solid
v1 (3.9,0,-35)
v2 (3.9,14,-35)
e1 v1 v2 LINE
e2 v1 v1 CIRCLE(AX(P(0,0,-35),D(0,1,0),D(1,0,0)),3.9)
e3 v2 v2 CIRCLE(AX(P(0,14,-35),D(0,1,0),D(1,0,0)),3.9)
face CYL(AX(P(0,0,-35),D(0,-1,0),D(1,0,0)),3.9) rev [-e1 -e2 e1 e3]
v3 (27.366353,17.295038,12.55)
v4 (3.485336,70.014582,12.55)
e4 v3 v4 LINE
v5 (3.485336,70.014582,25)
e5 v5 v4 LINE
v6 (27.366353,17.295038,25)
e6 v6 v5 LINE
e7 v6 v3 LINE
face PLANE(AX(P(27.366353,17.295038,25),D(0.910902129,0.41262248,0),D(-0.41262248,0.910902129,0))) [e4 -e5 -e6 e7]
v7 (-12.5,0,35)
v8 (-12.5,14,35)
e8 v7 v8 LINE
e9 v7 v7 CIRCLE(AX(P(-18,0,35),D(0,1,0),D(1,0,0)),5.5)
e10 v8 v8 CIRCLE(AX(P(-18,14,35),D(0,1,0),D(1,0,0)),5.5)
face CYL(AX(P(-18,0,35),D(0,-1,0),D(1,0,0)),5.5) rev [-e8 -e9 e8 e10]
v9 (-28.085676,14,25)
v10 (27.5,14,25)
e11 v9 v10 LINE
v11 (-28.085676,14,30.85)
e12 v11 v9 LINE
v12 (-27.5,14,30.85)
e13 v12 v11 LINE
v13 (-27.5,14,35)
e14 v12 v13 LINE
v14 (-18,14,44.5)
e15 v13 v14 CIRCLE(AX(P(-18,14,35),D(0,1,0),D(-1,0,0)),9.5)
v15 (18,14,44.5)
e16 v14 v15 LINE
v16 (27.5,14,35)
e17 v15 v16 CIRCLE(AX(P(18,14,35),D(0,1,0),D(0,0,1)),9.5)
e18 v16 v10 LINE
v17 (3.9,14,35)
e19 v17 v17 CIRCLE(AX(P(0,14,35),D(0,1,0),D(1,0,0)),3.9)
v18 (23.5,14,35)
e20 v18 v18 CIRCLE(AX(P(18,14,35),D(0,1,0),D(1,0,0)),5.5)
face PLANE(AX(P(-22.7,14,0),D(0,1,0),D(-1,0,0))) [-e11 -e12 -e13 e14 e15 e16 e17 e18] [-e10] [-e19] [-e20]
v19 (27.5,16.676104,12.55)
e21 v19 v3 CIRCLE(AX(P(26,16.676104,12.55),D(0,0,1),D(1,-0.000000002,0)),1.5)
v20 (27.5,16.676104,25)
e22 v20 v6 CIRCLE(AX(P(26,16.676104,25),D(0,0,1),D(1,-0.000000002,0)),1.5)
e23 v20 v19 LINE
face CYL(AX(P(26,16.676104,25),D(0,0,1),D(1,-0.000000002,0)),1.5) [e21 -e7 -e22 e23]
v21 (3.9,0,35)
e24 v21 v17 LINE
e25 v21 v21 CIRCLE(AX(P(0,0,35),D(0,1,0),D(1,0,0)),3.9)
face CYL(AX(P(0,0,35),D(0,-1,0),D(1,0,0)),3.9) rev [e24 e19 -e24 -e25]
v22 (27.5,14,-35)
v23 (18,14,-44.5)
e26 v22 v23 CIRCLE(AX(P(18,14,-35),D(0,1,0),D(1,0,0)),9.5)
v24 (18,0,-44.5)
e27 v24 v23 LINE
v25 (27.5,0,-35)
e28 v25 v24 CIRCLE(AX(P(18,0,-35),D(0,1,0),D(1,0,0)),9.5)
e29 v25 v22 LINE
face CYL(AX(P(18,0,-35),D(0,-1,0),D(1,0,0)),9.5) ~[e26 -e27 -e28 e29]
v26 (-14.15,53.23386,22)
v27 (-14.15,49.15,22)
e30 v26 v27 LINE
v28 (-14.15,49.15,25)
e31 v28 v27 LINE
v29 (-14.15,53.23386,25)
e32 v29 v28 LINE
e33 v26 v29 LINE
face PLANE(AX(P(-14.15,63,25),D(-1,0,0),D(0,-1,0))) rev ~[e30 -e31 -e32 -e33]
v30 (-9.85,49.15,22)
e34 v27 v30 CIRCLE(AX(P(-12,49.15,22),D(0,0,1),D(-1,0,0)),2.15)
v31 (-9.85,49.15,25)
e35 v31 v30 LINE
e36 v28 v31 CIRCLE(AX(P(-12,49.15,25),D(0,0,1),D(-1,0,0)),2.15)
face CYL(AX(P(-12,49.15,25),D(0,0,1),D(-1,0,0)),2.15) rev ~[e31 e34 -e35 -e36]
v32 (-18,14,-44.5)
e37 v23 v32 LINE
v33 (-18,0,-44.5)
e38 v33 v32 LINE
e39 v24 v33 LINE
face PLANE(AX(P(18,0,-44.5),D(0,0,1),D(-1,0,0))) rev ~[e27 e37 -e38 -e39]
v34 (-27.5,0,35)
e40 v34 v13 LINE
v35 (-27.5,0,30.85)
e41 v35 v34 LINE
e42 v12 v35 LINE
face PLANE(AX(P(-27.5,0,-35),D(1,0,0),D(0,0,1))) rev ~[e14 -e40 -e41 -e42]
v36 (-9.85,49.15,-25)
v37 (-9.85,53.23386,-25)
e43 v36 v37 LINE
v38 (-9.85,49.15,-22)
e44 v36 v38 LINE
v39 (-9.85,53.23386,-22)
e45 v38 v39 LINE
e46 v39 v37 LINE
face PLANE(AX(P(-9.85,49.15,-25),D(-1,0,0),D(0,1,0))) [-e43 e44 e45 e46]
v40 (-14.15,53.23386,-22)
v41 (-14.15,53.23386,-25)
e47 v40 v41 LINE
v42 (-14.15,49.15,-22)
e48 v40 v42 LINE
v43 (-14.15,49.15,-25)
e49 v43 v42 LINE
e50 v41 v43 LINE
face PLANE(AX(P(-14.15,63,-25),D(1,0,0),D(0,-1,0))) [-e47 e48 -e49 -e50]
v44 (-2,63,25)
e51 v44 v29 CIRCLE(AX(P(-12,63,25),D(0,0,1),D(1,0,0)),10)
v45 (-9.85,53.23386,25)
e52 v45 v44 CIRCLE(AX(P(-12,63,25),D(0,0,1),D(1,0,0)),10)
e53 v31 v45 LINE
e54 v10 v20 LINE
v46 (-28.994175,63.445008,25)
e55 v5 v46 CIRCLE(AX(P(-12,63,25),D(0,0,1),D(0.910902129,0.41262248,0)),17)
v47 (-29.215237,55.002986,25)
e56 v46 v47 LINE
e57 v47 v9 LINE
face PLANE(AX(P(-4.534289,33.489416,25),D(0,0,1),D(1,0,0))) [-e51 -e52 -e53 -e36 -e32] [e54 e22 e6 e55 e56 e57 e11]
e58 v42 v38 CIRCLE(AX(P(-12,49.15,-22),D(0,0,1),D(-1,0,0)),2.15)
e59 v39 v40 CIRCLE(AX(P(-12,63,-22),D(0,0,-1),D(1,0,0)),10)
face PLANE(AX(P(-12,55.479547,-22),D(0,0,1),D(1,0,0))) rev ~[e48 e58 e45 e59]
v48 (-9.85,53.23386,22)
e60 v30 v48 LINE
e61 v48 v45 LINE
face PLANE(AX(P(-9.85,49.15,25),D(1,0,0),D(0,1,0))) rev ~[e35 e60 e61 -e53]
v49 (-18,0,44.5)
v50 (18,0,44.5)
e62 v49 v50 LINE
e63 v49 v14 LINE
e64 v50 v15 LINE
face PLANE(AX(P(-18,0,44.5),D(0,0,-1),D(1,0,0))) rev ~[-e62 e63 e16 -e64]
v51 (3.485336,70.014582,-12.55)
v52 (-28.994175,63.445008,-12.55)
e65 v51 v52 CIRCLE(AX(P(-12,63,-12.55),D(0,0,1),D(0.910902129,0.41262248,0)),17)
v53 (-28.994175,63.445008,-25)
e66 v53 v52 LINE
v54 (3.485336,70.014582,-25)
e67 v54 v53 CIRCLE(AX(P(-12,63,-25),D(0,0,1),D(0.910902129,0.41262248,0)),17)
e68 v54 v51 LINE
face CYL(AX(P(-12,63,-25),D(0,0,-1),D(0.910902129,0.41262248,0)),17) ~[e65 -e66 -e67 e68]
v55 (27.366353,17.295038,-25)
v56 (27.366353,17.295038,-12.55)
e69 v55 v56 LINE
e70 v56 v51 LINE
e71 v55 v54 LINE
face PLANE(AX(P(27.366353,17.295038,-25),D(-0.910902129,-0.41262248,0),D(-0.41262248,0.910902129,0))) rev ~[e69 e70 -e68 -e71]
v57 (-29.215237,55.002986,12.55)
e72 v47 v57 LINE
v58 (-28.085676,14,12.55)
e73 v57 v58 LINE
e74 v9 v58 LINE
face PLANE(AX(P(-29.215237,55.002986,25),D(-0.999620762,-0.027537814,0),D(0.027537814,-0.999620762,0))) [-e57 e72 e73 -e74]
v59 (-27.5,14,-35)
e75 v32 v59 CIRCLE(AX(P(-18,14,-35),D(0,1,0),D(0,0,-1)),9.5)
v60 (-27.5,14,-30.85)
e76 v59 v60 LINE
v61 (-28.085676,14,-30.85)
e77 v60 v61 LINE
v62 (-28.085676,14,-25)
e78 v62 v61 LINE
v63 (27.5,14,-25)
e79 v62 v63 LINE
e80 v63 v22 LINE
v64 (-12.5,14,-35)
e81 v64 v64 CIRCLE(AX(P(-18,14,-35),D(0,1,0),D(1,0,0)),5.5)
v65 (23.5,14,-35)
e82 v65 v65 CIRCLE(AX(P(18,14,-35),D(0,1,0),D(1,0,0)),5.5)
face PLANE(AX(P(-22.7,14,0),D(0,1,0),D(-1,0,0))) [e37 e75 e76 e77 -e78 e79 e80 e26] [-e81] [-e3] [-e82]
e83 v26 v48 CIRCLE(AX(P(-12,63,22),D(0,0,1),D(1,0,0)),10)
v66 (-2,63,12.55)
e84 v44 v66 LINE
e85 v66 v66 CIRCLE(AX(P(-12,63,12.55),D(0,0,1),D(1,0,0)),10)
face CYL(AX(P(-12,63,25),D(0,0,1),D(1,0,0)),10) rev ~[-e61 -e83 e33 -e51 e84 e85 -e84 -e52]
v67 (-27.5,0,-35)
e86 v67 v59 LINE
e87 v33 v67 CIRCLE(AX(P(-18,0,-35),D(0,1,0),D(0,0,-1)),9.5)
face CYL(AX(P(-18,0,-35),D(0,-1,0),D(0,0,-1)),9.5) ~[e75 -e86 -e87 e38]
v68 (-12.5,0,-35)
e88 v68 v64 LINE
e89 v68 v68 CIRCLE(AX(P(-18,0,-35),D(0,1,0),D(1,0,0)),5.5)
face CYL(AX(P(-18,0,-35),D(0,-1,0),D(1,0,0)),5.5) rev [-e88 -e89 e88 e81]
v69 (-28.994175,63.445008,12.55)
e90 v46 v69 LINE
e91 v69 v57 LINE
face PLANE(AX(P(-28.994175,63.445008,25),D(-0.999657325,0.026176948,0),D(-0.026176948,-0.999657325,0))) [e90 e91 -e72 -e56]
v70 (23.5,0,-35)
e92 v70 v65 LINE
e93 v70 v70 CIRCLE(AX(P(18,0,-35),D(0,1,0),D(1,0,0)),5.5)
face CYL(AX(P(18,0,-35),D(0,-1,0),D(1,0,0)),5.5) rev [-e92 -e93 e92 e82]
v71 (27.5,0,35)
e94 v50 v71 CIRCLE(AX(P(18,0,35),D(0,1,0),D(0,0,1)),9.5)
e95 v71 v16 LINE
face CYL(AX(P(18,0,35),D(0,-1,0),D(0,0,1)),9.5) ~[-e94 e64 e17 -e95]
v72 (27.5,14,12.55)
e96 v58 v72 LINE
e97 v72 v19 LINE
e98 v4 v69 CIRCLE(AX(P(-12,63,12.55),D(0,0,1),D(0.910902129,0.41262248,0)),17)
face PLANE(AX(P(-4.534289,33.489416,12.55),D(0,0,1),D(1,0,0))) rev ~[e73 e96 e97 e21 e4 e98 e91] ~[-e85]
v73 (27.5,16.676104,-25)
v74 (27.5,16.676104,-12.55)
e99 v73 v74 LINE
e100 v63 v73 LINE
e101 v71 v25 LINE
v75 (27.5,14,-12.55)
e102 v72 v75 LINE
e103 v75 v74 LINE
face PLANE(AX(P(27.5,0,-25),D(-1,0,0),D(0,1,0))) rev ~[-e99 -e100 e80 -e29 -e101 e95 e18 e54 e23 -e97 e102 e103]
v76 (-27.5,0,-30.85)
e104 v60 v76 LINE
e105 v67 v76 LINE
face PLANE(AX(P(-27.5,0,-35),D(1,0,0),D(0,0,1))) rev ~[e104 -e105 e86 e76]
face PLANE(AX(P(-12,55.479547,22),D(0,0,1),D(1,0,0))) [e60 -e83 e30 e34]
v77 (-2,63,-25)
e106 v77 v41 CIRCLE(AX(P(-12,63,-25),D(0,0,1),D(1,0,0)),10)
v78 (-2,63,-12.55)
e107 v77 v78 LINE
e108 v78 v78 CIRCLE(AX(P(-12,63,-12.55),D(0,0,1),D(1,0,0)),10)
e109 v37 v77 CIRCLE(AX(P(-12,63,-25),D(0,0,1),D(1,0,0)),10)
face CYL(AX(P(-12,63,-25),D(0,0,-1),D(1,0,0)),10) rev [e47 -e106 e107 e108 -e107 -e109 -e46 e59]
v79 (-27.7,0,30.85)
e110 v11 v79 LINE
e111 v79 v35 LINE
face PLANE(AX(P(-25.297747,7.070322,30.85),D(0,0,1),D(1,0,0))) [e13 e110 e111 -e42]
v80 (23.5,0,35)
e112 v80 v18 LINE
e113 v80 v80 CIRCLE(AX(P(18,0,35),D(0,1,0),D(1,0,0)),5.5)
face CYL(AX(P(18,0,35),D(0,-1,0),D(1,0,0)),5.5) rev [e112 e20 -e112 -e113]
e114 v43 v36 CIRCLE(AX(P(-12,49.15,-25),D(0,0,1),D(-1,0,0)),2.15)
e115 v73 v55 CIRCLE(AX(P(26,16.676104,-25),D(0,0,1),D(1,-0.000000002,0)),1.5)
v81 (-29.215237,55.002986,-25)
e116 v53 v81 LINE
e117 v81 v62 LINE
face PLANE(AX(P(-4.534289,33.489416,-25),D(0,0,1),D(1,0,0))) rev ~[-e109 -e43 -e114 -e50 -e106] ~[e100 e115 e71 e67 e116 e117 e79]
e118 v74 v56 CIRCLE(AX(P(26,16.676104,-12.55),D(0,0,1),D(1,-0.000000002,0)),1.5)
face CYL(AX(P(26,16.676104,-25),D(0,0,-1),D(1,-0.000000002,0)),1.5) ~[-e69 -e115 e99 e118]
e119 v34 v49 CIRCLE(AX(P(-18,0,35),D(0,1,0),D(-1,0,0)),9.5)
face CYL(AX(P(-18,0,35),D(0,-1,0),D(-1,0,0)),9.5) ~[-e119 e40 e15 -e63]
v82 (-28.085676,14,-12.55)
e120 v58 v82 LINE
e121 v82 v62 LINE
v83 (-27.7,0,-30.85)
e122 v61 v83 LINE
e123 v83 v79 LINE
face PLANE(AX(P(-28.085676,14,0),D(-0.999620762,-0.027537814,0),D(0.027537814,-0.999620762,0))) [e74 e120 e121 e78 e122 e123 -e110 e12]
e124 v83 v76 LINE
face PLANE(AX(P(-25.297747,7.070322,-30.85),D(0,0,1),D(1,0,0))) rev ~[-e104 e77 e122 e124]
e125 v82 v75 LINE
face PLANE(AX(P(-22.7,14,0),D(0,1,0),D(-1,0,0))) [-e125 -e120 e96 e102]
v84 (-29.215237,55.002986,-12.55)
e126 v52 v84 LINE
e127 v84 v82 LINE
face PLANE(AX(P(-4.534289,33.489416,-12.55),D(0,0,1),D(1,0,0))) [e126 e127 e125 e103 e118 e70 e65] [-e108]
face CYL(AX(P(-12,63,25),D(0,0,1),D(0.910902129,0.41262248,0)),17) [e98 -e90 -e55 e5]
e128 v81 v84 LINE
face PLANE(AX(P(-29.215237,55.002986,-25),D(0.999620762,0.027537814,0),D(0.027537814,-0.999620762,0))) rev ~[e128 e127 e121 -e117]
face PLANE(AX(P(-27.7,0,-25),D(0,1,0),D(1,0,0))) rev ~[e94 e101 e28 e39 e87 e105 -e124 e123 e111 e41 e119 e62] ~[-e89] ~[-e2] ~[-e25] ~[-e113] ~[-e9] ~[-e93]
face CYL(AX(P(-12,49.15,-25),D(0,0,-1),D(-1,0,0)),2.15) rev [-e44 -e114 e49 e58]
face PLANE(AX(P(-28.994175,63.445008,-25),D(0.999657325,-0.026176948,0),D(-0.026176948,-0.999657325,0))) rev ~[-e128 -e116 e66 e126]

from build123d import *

# Parameters (mm, degrees)
SKETCH1_R                = 5.5
SKETCH1_R_2              = 3.9
BOSS_EXTRUDE1_DEPTH      = 14
BOSS_EXTRUDE2_DEPTH      = 30.85
BOSS_EXTRUDE2_DEPTH_BACK = 30.85
SKETCH3_R                = 10
BOSS_EXTRUDE3_DEPTH      = 12.45
SKETCH4_R                = 10
BOSS_EXTRUDE4_DEPTH      = 12.45
CUT_EXTRUDE1_DEPTH       = 3
CUT_EXTRUDE1_DEPTH_BACK  = 3
CUT_EXTRUDE2_DEPTH       = 3
CUT_EXTRUDE2_DEPTH_BACK  = 3


with BuildPart() as part:
    # Sketch1 → Boss-Extrude1 (new body)
    with BuildSketch(Plane(origin=(0, 0, 0), x_dir=(1, 0, 0), z_dir=(0, 1, 0))):
        with BuildLine():
            Line((-18, -44.5), (18, -44.5))
            ThreePointArc((18, -44.5), (24.717514421, -41.717514421), (27.5, -35))
            Line((27.5, -35), (27.5, 35))
            ThreePointArc((27.5, 35), (24.717514421, 41.717514421), (18, 44.5))
            Line((18, 44.5), (-18, 44.5))
            ThreePointArc((-18, 44.5), (-24.717514421, 41.717514421), (-27.5, 35))
            Line((-27.5, 35), (-27.5, -35))
            ThreePointArc((-27.5, -35), (-24.717514421, -41.717514421), (-18, -44.5))
        make_face()
        with Locations((18, 35)):
            Circle(SKETCH1_R, mode=Mode.SUBTRACT)
        with Locations((18, -35)):
            Circle(SKETCH1_R, mode=Mode.SUBTRACT)
        with Locations((0, 35)):
            Circle(SKETCH1_R_2, mode=Mode.SUBTRACT)
        with Locations((0, -35)):
            Circle(SKETCH1_R_2, mode=Mode.SUBTRACT)
        with Locations((-18, 35)):
            Circle(SKETCH1_R, mode=Mode.SUBTRACT)
        with Locations((-18, -35)):
            Circle(SKETCH1_R, mode=Mode.SUBTRACT)
    extrude(amount=BOSS_EXTRUDE1_DEPTH)

    # Sketch2 → Boss-Extrude2 (add, two sides)
    with BuildSketch(Plane.XY) as boss_extrude2_sk:
        Polygon((-28.085675658, 14), (-27.7, 0), (-22.7, 0), (-22.7, 14), align=None)
    extrude(amount=BOSS_EXTRUDE2_DEPTH)
    extrude(boss_extrude2_sk.sketch, amount=-BOSS_EXTRUDE2_DEPTH_BACK)

    # Sketch3 → Boss-Extrude3 (add)
    with BuildSketch(Plane.XY.offset(25)):
        with BuildLine():
            Line((-29.215236642, 55.002986453), (-27.7, 0))
            Line((-27.7, 0), (27.5, 0))
            Line((27.5, 0), (27.5, 16.676103914))
            ThreePointArc((27.5, 16.676103914), (27.466207658, 16.992703195), (27.366353194, 17.295037634))
            Line((27.366353194, 17.295037634), (3.485336194, 70.014582166))
            ThreePointArc((3.485336194, 70.014582166), (-15.37030771, 79.662563606), (-28.994174525, 63.445008121))
            Line((-28.994174525, 63.445008121), (-29.215236642, 55.002986453))
        make_face()
        with Locations((-12, 63)):
            Circle(SKETCH3_R, mode=Mode.SUBTRACT)
    extrude(amount=-BOSS_EXTRUDE3_DEPTH)

    # Sketch4 → Boss-Extrude4 (add)
    with BuildSketch(Plane.XY.offset(-25)):
        with BuildLine():
            Line((-29.215236642, 55.002986453), (-27.7, 0))
            Line((-27.7, 0), (27.5, 0))
            Line((27.5, 0), (27.5, 16.676103914))
            ThreePointArc((27.5, 16.676103914), (27.466207658, 16.992703195), (27.366353194, 17.295037634))
            Line((27.366353194, 17.295037634), (3.485336194, 70.014582166))
            ThreePointArc((3.485336194, 70.014582166), (-15.37030771, 79.662563606), (-28.994174525, 63.445008121))
            Line((-28.994174525, 63.445008121), (-29.215236642, 55.002986453))
        make_face()
        with Locations((-12, 63)):
            Circle(SKETCH4_R, mode=Mode.SUBTRACT)
    extrude(amount=BOSS_EXTRUDE4_DEPTH)

    # Sketch5 → Cut-Extrude1 (cut, two sides)
    with BuildSketch(Plane.XY.offset(25)) as cut_extrude1_sk:
        with BuildLine():
            Line((-9.85, 49.15), (-9.85, 63))
            Line((-9.85, 63), (-14.15, 63))
            Line((-14.15, 63), (-14.15, 49.15))
            ThreePointArc((-14.15, 49.15), (-12, 47), (-9.85, 49.15))
        make_face()
    extrude(amount=CUT_EXTRUDE1_DEPTH, mode=Mode.SUBTRACT)
    extrude(cut_extrude1_sk.sketch, amount=-CUT_EXTRUDE1_DEPTH_BACK, mode=Mode.SUBTRACT)

    # Sketch6 → Cut-Extrude2 (cut, two sides)
    with BuildSketch(Plane.XY.offset(-25)) as cut_extrude2_sk:
        with BuildLine():
            Line((-9.85, 49.15), (-9.85, 63))
            Line((-9.85, 63), (-14.15, 63))
            Line((-14.15, 63), (-14.15, 49.15))
            ThreePointArc((-14.15, 49.15), (-12, 47), (-9.85, 49.15))
        make_face()
    extrude(amount=CUT_EXTRUDE2_DEPTH, mode=Mode.SUBTRACT)
    extrude(cut_extrude2_sk.sketch, amount=-CUT_EXTRUDE2_DEPTH_BACK, mode=Mode.SUBTRACT)


solid = part.part
